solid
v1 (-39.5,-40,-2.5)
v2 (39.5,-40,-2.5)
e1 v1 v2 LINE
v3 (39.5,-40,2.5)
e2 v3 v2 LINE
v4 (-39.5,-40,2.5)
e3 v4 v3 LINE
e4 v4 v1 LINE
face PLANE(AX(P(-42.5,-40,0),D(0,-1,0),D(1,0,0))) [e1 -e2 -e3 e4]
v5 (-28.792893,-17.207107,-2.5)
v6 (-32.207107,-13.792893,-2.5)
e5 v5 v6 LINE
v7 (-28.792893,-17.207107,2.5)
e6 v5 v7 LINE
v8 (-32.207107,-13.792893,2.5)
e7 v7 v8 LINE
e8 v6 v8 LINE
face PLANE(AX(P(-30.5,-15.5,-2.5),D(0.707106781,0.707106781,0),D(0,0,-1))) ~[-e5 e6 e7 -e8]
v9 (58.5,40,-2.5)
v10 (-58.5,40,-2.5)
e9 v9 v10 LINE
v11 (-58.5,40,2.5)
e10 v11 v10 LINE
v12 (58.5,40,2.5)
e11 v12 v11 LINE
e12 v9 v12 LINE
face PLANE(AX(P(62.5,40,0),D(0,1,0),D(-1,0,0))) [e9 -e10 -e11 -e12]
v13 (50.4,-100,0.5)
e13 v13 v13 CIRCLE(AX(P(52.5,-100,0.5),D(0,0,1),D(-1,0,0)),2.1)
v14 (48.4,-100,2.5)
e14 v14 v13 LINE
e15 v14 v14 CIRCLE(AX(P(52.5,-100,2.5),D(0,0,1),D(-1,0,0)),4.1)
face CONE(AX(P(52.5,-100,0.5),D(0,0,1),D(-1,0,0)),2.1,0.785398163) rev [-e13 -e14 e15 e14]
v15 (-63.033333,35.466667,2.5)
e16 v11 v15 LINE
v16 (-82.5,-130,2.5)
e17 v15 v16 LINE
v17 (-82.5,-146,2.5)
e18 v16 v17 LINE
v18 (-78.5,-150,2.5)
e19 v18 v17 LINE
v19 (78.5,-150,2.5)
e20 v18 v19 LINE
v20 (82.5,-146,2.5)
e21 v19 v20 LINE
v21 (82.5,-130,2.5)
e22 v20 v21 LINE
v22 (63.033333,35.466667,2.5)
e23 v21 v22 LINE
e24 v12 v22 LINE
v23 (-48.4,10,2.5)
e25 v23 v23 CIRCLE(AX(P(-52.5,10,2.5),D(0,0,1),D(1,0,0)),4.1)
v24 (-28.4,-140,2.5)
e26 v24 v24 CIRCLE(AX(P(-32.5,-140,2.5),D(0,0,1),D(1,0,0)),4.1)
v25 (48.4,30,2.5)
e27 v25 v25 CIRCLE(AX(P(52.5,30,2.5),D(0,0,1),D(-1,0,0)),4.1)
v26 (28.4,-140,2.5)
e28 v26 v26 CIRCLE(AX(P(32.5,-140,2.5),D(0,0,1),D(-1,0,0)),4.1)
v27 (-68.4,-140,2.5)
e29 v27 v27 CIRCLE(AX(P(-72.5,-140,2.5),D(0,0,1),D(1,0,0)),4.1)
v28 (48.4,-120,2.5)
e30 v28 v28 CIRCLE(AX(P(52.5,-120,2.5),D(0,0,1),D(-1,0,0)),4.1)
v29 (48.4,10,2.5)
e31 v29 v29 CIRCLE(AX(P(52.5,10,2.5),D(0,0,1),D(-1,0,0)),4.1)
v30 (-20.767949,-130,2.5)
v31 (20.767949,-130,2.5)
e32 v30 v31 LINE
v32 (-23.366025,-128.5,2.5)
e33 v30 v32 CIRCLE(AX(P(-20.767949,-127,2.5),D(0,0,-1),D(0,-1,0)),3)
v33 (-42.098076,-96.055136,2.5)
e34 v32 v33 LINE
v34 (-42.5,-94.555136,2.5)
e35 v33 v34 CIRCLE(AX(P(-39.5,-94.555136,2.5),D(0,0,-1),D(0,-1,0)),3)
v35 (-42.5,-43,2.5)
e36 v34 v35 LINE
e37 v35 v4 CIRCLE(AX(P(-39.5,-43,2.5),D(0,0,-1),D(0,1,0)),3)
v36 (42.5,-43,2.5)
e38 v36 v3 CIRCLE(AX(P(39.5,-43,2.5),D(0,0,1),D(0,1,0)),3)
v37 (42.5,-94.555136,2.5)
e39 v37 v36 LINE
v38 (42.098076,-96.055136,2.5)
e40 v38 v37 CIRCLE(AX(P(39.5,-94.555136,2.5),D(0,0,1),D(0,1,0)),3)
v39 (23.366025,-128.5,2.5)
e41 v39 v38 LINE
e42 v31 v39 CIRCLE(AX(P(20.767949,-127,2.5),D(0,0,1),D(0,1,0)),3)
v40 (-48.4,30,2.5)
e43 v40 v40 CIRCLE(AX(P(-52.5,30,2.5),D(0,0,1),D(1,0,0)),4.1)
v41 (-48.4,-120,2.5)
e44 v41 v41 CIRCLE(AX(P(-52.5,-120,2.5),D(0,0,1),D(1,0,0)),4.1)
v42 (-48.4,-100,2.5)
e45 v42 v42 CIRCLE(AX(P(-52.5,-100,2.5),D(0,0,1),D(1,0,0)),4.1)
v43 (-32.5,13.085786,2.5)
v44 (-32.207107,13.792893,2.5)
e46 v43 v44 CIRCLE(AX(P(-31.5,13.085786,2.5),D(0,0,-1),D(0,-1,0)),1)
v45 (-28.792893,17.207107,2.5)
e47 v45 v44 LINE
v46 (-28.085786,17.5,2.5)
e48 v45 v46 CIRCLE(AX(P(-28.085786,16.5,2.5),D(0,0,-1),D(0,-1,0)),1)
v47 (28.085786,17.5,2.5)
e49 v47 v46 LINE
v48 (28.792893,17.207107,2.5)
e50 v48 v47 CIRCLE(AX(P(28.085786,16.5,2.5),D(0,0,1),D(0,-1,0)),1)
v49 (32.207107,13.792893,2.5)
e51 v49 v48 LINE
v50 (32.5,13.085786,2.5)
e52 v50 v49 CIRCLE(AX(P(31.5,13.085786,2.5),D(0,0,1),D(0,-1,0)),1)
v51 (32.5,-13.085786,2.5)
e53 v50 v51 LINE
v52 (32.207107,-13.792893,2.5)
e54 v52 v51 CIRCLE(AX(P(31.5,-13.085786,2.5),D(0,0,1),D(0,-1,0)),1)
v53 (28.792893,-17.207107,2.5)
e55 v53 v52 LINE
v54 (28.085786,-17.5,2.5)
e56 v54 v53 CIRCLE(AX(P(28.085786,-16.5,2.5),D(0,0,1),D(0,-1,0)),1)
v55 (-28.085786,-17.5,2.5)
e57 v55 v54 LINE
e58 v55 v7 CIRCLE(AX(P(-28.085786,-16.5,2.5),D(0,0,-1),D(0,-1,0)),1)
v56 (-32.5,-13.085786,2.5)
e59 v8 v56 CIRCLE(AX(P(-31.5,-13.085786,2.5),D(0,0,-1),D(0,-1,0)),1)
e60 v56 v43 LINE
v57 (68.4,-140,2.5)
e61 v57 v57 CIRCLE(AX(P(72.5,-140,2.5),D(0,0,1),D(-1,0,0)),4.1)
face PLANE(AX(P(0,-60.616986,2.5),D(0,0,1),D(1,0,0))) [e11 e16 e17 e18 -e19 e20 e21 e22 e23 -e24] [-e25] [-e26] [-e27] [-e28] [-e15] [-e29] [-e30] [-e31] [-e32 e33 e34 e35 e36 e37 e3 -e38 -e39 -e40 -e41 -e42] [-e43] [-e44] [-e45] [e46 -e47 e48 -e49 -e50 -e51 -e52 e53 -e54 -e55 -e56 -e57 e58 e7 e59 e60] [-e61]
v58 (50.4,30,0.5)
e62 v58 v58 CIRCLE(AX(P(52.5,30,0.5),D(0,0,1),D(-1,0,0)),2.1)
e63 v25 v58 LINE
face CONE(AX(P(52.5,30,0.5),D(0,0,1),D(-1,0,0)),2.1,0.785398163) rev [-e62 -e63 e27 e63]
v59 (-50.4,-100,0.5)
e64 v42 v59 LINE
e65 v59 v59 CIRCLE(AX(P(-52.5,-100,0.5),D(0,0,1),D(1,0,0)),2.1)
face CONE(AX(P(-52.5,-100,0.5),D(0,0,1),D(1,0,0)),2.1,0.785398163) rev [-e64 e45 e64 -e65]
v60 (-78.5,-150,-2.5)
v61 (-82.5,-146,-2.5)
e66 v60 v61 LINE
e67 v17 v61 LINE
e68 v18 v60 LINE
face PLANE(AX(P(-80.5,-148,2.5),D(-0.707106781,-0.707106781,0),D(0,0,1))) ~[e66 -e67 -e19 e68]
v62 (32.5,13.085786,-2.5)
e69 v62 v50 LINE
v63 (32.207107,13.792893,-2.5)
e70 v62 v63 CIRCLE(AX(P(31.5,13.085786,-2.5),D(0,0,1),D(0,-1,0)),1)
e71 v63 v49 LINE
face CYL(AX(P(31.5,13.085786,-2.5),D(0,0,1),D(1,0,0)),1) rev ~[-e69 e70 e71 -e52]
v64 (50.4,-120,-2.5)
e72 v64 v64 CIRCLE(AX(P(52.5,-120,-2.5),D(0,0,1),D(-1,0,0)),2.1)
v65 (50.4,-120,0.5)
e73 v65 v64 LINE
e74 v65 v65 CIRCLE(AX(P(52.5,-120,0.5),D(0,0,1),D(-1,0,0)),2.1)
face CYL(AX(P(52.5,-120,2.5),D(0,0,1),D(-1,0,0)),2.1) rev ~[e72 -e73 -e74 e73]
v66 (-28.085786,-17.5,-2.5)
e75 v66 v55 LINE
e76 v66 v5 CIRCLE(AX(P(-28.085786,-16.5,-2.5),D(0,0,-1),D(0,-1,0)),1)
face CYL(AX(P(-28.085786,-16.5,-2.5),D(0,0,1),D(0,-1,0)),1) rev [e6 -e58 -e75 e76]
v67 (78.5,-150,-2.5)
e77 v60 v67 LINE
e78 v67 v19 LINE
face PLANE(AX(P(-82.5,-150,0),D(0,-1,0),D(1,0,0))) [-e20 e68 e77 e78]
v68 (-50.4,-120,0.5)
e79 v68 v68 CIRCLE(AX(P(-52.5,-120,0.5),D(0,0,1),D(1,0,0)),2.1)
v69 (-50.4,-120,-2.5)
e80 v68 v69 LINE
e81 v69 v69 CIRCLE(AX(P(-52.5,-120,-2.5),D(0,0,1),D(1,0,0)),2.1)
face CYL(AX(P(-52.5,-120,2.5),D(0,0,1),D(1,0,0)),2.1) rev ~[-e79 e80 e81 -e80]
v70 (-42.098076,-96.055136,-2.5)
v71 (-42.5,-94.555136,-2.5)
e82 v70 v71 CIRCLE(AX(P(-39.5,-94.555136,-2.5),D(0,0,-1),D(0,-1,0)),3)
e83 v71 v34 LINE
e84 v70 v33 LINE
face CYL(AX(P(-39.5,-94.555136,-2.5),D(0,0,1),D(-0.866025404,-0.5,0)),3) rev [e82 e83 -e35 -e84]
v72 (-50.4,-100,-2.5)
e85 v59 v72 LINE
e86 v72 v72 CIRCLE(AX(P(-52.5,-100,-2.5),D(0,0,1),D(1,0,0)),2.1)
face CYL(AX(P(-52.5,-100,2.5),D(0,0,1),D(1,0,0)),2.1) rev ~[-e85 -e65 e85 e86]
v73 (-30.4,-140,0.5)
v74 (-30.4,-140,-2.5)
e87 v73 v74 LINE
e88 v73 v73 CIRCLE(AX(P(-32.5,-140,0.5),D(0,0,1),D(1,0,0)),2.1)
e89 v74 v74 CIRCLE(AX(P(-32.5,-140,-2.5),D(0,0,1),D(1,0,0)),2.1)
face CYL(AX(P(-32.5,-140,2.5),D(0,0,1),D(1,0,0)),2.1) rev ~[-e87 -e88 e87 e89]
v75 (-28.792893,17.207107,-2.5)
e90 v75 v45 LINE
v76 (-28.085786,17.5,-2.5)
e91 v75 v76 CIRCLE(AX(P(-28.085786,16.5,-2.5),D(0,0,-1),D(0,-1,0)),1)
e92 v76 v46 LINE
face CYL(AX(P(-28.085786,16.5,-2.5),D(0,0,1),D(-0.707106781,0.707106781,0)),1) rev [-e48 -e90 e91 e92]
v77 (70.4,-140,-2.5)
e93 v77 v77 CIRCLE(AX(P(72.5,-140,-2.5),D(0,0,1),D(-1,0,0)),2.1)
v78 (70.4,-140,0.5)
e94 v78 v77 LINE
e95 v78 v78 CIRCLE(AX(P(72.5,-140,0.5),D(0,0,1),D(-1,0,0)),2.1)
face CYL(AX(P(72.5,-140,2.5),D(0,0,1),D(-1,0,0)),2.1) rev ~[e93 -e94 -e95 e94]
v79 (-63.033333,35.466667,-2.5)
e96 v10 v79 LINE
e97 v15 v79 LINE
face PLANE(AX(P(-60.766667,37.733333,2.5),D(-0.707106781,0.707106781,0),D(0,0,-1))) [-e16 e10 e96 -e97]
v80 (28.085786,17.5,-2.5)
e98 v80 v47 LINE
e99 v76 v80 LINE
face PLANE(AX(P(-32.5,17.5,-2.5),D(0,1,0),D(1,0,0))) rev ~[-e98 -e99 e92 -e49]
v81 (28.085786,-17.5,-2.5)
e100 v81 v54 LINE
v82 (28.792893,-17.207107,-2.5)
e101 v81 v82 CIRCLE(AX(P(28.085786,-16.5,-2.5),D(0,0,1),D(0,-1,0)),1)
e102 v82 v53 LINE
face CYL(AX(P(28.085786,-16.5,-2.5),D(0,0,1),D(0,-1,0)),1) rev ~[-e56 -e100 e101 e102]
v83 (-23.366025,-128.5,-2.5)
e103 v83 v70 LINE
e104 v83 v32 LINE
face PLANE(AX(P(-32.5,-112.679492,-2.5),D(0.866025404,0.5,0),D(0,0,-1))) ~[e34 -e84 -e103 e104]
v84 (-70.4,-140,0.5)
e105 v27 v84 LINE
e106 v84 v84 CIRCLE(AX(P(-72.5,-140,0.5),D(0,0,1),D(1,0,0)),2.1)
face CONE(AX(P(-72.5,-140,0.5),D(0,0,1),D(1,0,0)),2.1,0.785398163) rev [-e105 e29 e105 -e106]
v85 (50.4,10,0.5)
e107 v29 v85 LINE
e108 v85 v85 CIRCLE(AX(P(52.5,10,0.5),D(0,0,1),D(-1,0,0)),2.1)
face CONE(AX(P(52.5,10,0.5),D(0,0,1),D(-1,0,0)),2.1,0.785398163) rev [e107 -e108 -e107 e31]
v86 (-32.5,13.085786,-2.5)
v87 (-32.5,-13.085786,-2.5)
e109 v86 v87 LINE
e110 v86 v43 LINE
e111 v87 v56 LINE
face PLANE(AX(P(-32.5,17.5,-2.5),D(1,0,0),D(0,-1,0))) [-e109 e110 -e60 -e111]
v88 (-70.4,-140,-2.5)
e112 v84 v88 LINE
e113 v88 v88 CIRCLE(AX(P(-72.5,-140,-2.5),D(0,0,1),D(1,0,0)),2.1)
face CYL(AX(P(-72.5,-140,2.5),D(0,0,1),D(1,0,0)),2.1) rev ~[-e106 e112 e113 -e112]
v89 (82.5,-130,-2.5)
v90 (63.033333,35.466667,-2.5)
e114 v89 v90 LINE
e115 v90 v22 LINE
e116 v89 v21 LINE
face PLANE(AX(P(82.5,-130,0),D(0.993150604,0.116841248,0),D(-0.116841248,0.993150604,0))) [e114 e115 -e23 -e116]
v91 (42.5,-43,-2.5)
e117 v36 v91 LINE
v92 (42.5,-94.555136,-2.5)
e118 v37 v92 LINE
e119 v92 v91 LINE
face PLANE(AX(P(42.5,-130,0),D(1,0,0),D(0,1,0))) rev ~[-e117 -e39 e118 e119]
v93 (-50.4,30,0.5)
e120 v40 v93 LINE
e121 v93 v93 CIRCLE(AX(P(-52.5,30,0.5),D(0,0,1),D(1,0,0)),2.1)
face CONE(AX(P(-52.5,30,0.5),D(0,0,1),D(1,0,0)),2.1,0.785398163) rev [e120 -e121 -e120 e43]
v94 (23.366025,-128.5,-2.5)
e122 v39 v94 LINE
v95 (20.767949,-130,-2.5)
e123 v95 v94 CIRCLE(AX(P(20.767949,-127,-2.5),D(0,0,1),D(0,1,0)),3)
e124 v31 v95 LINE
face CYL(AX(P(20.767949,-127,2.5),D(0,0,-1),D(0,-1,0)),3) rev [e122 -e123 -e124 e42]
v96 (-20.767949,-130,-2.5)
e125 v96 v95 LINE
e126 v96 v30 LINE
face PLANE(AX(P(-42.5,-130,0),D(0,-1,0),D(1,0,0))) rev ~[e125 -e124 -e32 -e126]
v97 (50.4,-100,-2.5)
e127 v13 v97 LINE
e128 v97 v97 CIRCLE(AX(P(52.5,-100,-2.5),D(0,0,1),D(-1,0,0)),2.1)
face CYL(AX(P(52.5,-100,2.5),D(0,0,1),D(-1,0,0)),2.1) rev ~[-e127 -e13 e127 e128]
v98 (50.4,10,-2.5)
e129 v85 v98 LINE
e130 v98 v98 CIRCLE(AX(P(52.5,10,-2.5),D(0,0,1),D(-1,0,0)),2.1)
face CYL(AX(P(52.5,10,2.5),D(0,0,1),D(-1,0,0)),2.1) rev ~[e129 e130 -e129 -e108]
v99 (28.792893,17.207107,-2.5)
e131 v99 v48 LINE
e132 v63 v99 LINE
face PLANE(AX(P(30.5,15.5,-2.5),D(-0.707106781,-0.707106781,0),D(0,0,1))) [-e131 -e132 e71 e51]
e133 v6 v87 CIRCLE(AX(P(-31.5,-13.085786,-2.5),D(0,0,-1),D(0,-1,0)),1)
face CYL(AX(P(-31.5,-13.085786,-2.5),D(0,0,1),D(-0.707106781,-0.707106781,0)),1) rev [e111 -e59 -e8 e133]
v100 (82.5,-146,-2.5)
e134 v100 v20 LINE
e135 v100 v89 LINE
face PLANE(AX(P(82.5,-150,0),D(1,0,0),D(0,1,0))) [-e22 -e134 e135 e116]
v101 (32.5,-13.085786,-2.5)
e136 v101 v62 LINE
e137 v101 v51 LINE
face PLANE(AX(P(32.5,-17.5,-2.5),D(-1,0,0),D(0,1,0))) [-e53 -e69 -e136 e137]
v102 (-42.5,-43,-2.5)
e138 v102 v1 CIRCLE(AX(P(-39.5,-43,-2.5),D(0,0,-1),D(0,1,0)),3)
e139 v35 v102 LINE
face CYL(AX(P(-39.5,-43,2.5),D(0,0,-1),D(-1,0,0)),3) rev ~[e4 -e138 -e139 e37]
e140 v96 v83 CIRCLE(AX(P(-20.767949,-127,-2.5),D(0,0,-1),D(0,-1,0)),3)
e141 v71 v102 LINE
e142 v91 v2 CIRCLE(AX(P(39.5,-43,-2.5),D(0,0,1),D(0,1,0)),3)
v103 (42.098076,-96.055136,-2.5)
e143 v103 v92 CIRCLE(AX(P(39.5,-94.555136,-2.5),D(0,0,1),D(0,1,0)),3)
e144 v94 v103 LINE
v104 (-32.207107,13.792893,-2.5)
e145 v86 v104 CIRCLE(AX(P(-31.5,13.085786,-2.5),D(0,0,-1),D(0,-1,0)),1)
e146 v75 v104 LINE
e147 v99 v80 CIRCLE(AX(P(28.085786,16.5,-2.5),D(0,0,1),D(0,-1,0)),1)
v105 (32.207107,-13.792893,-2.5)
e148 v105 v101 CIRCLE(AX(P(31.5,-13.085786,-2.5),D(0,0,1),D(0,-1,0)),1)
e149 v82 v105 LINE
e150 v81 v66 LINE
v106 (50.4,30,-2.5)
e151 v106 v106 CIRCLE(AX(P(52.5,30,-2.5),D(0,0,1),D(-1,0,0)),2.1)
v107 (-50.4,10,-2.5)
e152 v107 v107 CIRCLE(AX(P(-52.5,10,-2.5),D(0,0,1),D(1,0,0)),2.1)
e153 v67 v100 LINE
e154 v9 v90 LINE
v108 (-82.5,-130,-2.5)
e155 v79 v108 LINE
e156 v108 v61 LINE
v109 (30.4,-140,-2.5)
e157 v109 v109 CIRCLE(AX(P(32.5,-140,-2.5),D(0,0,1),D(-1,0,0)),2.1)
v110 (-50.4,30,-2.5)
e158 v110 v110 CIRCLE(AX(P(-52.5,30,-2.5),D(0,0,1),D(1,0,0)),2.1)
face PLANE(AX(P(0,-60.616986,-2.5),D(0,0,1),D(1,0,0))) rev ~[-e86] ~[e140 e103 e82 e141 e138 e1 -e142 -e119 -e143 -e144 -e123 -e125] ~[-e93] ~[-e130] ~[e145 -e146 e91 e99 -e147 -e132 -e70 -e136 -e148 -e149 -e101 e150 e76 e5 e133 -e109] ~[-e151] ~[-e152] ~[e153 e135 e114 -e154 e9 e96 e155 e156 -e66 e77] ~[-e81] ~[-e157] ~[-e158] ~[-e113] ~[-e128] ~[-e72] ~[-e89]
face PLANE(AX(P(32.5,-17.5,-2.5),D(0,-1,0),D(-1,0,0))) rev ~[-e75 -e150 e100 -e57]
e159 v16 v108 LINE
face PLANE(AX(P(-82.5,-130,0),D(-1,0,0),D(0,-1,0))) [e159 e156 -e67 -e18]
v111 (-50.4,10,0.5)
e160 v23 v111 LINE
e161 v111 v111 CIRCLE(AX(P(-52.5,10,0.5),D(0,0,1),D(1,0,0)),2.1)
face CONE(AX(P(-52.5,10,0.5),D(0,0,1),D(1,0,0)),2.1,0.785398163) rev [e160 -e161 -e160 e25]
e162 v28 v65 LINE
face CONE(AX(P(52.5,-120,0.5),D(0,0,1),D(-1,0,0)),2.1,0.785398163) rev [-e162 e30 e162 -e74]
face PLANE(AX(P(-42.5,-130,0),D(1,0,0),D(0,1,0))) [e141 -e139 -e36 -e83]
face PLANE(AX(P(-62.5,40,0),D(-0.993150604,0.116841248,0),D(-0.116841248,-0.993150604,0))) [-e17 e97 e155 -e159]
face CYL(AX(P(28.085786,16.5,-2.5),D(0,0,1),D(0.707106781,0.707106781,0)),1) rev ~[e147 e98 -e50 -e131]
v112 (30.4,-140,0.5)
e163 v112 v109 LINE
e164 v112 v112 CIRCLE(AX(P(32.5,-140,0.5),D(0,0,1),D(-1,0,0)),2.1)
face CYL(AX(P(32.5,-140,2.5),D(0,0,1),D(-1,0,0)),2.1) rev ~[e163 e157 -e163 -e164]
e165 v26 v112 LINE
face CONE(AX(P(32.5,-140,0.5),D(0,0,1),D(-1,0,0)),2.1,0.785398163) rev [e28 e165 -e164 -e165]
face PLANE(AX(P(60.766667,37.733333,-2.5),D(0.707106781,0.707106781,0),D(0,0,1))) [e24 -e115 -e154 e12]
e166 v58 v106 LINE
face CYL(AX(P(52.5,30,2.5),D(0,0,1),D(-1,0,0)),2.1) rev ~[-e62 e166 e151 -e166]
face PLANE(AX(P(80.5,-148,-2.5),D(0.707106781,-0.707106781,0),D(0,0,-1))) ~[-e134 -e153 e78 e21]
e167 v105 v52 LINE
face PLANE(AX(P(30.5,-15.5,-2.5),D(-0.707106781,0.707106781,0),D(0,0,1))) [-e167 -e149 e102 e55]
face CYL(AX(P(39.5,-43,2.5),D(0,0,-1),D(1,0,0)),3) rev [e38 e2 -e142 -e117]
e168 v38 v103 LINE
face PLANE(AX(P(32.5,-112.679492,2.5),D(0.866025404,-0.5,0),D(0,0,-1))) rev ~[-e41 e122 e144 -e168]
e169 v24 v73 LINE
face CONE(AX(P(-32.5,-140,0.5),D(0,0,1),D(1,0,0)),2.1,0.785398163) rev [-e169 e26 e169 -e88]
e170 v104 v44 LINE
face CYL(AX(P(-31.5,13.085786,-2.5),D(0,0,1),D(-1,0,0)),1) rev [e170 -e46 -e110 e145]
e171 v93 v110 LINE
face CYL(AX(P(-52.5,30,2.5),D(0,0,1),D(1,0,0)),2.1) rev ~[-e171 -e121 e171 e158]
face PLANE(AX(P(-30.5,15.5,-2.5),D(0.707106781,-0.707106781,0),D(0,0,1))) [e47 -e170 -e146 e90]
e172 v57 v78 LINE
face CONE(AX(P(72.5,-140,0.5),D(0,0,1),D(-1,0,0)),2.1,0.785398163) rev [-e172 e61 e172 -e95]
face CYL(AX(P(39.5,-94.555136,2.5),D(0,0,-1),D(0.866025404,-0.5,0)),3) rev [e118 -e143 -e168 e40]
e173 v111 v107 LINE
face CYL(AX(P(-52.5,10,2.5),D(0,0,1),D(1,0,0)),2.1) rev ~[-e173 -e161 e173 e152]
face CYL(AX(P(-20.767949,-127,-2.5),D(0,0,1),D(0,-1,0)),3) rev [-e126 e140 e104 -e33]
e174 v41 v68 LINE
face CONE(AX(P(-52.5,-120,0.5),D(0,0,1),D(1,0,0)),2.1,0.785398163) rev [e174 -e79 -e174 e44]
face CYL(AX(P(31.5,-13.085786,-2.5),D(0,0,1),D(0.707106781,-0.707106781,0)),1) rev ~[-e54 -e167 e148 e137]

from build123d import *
from OCP.BRepFilletAPI import BRepFilletAPI_MakeChamfer

# Parameters (mm, degrees)
SKETCH_1_W          = 85
SKETCH_1_H          = 90
EXTRUDE_1_DEPTH     = 2.5
CHAMFER_1_SIZE      = 20
CHAMFER_1_SIZE2     = 34.641016151
SKETCH_2_R          = 2.1
CUT_EXTRUDE_1_DEPTH = 172.263685585
FILLET_1_R          = 3
CHAMFER_2_SIZE      = 4
CHAMFER_2_SIZE2     = 4.564598072
CHAMFER_3_SIZE      = 2
CUT_EXTRUDE_3_DEPTH = 172.263685585
CHAMFER_4_SIZE      = 4
FILLET_3_R          = 1


with BuildPart() as part:
    # 草图1 → 凸台-拉伸1 (new, symmetric)
    with BuildSketch(Plane.XY):
        Polygon((-82.5, -150), (82.5, -150), (82.5, -130), (62.5, 40), (-62.5, 40), (-82.5, -130), align=None)
        with Locations((0, -85)):
            Rectangle(SKETCH_1_W, SKETCH_1_H, mode=Mode.SUBTRACT)
    extrude(amount=EXTRUDE_1_DEPTH, both=True)

    # 倒角1
    chamfer_1_edges = [part.edges().sort_by_distance(p)[0] for p in [
        (-42.5, -130, 0),
        (42.5, -130, 0),
    ]]
    chamfer_1_side = [part.faces().sort_by_distance(p)[0] for p in [
        (0, -130, 0),
    ]]
    chamfer(chamfer_1_edges, length=CHAMFER_1_SIZE, length2=CHAMFER_1_SIZE2, reference=chamfer_1_side[0])

    # 草图2 → 切除-拉伸1 (cut, through all)
    with BuildSketch(Plane.XY.offset(2.5)):
        with Locations((-72.5, -140)):
            Circle(SKETCH_2_R)
        with Locations((-32.5, -140)):
            Circle(SKETCH_2_R)
        with Locations((-52.5, 30)):
            Circle(SKETCH_2_R)
        with Locations((-52.5, 10)):
            Circle(SKETCH_2_R)
        with Locations((-52.5, -100)):
            Circle(SKETCH_2_R)
        with Locations((-52.5, -120)):
            Circle(SKETCH_2_R)
        with Locations(Location((52.5, 30, 0), (0, 0, 180))):
            Circle(SKETCH_2_R)
        with Locations(Location((52.5, 10, 0), (0, 0, 180))):
            Circle(SKETCH_2_R)
        with Locations(Location((52.5, -100, 0), (0, 0, 180))):
            Circle(SKETCH_2_R)
        with Locations(Location((52.5, -120, 0), (0, 0, 180))):
            Circle(SKETCH_2_R)
        with Locations(Location((32.5, -140, 0), (0, 0, 180))):
            Circle(SKETCH_2_R)
        with Locations(Location((72.5, -140, 0), (0, 0, 180))):
            Circle(SKETCH_2_R)
    extrude(amount=-CUT_EXTRUDE_1_DEPTH, mode=Mode.SUBTRACT)

    # 圆角1
    fillet_1_edges = [part.edges().sort_by_distance(p)[0] for p in [
        (-42.5, -40, 0),
        (42.5, -40, 0),
        (-22.5, -130, 0),
        (22.5, -130, 0),
        (42.5, -95.358983849, 0),
        (-42.5, -95.358983849, 0),
    ]]
    fillet(fillet_1_edges, radius=FILLET_1_R)

    # 倒角2: one chamfer whose edges measure the first distance from different faces: ONE call of the kernel's chamfer builder (chamfer() names one face for all edges)
    chamfer_2_edges_1 = [part.edges().sort_by_distance(p)[0] for p in [
        (-62.5, 40, 0),
        (62.5, 40, 0),
    ]]
    chamfer_2_side_1 = [part.faces().sort_by_distance(p)[0] for p in [
        (0, 40, 0),
    ]]
    chamfer_2_edges_2 = [part.edges().sort_by_distance(p)[0] for p in [
        (82.5, -150, 0),
        (-82.5, -150, 0),
    ]]
    chamfer_2 = BRepFilletAPI_MakeChamfer(part.part.solid().wrapped)
    for e in chamfer_2_edges_1:
        chamfer_2.Add(CHAMFER_2_SIZE, CHAMFER_2_SIZE2, e.wrapped, chamfer_2_side_1[0].wrapped)  # the first distance lies on this face
    for e in chamfer_2_edges_2:
        chamfer_2.Add(CHAMFER_2_SIZE, e.wrapped)
    add(Compound.cast(chamfer_2.Shape()), mode=Mode.REPLACE)

    # 倒角3
    chamfer_3_edges = [part.edges().sort_by_distance(p)[0] for p in [
        (-74.6, -140, 2.5),
        (74.6, -140, 2.5),
        (34.6, -140, 2.5),
        (54.6, -120, 2.5),
        (-54.6, -100, 2.5),
        (-54.6, 10, 2.5),
        (-54.6, 30, 2.5),
        (-34.6, -140, 2.5),
        (54.6, -100, 2.5),
        (54.6, 10, 2.5),
        (54.6, 30, 2.5),
        (-54.6, -120, 2.5),
    ]]
    chamfer(chamfer_3_edges, length=CHAMFER_3_SIZE)

    # 草图4 → 切除-拉伸3 (cut, through all)
    with BuildSketch(Plane(origin=(0, 0, -2.5), x_dir=(-1, 0, 0), z_dir=(0, 0, -1))):
        Polygon((0, -17.5), (-32.5, -17.5), (-32.5, 17.5), (0, 17.5), (32.5, 17.5), (32.5, -17.5), align=None)
    extrude(amount=-CUT_EXTRUDE_3_DEPTH, mode=Mode.SUBTRACT)

    # 倒角4
    chamfer_4_edges = [part.edges().sort_by_distance(p)[0] for p in [
        (32.5, -17.5, 0),
        (32.5, 17.5, 0),
        (-32.5, 17.5, 0),
        (-32.5, -17.5, 0),
    ]]
    chamfer(chamfer_4_edges, length=CHAMFER_4_SIZE)

    # 圆角3
    fillet_3_edges = [part.edges().sort_by_distance(p)[0] for p in [
        (-32.5, 13.5, 0),
        (-32.5, -13.5, 0),
        (28.5, -17.5, 0),
        (-28.5, -17.5, 0),
        (28.5, 17.5, 0),
        (-28.5, 17.5, 0),
        (32.5, 13.5, 0),
        (32.5, -13.5, 0),
    ]]
    fillet(fillet_3_edges, radius=FILLET_3_R)


solid = part.part
